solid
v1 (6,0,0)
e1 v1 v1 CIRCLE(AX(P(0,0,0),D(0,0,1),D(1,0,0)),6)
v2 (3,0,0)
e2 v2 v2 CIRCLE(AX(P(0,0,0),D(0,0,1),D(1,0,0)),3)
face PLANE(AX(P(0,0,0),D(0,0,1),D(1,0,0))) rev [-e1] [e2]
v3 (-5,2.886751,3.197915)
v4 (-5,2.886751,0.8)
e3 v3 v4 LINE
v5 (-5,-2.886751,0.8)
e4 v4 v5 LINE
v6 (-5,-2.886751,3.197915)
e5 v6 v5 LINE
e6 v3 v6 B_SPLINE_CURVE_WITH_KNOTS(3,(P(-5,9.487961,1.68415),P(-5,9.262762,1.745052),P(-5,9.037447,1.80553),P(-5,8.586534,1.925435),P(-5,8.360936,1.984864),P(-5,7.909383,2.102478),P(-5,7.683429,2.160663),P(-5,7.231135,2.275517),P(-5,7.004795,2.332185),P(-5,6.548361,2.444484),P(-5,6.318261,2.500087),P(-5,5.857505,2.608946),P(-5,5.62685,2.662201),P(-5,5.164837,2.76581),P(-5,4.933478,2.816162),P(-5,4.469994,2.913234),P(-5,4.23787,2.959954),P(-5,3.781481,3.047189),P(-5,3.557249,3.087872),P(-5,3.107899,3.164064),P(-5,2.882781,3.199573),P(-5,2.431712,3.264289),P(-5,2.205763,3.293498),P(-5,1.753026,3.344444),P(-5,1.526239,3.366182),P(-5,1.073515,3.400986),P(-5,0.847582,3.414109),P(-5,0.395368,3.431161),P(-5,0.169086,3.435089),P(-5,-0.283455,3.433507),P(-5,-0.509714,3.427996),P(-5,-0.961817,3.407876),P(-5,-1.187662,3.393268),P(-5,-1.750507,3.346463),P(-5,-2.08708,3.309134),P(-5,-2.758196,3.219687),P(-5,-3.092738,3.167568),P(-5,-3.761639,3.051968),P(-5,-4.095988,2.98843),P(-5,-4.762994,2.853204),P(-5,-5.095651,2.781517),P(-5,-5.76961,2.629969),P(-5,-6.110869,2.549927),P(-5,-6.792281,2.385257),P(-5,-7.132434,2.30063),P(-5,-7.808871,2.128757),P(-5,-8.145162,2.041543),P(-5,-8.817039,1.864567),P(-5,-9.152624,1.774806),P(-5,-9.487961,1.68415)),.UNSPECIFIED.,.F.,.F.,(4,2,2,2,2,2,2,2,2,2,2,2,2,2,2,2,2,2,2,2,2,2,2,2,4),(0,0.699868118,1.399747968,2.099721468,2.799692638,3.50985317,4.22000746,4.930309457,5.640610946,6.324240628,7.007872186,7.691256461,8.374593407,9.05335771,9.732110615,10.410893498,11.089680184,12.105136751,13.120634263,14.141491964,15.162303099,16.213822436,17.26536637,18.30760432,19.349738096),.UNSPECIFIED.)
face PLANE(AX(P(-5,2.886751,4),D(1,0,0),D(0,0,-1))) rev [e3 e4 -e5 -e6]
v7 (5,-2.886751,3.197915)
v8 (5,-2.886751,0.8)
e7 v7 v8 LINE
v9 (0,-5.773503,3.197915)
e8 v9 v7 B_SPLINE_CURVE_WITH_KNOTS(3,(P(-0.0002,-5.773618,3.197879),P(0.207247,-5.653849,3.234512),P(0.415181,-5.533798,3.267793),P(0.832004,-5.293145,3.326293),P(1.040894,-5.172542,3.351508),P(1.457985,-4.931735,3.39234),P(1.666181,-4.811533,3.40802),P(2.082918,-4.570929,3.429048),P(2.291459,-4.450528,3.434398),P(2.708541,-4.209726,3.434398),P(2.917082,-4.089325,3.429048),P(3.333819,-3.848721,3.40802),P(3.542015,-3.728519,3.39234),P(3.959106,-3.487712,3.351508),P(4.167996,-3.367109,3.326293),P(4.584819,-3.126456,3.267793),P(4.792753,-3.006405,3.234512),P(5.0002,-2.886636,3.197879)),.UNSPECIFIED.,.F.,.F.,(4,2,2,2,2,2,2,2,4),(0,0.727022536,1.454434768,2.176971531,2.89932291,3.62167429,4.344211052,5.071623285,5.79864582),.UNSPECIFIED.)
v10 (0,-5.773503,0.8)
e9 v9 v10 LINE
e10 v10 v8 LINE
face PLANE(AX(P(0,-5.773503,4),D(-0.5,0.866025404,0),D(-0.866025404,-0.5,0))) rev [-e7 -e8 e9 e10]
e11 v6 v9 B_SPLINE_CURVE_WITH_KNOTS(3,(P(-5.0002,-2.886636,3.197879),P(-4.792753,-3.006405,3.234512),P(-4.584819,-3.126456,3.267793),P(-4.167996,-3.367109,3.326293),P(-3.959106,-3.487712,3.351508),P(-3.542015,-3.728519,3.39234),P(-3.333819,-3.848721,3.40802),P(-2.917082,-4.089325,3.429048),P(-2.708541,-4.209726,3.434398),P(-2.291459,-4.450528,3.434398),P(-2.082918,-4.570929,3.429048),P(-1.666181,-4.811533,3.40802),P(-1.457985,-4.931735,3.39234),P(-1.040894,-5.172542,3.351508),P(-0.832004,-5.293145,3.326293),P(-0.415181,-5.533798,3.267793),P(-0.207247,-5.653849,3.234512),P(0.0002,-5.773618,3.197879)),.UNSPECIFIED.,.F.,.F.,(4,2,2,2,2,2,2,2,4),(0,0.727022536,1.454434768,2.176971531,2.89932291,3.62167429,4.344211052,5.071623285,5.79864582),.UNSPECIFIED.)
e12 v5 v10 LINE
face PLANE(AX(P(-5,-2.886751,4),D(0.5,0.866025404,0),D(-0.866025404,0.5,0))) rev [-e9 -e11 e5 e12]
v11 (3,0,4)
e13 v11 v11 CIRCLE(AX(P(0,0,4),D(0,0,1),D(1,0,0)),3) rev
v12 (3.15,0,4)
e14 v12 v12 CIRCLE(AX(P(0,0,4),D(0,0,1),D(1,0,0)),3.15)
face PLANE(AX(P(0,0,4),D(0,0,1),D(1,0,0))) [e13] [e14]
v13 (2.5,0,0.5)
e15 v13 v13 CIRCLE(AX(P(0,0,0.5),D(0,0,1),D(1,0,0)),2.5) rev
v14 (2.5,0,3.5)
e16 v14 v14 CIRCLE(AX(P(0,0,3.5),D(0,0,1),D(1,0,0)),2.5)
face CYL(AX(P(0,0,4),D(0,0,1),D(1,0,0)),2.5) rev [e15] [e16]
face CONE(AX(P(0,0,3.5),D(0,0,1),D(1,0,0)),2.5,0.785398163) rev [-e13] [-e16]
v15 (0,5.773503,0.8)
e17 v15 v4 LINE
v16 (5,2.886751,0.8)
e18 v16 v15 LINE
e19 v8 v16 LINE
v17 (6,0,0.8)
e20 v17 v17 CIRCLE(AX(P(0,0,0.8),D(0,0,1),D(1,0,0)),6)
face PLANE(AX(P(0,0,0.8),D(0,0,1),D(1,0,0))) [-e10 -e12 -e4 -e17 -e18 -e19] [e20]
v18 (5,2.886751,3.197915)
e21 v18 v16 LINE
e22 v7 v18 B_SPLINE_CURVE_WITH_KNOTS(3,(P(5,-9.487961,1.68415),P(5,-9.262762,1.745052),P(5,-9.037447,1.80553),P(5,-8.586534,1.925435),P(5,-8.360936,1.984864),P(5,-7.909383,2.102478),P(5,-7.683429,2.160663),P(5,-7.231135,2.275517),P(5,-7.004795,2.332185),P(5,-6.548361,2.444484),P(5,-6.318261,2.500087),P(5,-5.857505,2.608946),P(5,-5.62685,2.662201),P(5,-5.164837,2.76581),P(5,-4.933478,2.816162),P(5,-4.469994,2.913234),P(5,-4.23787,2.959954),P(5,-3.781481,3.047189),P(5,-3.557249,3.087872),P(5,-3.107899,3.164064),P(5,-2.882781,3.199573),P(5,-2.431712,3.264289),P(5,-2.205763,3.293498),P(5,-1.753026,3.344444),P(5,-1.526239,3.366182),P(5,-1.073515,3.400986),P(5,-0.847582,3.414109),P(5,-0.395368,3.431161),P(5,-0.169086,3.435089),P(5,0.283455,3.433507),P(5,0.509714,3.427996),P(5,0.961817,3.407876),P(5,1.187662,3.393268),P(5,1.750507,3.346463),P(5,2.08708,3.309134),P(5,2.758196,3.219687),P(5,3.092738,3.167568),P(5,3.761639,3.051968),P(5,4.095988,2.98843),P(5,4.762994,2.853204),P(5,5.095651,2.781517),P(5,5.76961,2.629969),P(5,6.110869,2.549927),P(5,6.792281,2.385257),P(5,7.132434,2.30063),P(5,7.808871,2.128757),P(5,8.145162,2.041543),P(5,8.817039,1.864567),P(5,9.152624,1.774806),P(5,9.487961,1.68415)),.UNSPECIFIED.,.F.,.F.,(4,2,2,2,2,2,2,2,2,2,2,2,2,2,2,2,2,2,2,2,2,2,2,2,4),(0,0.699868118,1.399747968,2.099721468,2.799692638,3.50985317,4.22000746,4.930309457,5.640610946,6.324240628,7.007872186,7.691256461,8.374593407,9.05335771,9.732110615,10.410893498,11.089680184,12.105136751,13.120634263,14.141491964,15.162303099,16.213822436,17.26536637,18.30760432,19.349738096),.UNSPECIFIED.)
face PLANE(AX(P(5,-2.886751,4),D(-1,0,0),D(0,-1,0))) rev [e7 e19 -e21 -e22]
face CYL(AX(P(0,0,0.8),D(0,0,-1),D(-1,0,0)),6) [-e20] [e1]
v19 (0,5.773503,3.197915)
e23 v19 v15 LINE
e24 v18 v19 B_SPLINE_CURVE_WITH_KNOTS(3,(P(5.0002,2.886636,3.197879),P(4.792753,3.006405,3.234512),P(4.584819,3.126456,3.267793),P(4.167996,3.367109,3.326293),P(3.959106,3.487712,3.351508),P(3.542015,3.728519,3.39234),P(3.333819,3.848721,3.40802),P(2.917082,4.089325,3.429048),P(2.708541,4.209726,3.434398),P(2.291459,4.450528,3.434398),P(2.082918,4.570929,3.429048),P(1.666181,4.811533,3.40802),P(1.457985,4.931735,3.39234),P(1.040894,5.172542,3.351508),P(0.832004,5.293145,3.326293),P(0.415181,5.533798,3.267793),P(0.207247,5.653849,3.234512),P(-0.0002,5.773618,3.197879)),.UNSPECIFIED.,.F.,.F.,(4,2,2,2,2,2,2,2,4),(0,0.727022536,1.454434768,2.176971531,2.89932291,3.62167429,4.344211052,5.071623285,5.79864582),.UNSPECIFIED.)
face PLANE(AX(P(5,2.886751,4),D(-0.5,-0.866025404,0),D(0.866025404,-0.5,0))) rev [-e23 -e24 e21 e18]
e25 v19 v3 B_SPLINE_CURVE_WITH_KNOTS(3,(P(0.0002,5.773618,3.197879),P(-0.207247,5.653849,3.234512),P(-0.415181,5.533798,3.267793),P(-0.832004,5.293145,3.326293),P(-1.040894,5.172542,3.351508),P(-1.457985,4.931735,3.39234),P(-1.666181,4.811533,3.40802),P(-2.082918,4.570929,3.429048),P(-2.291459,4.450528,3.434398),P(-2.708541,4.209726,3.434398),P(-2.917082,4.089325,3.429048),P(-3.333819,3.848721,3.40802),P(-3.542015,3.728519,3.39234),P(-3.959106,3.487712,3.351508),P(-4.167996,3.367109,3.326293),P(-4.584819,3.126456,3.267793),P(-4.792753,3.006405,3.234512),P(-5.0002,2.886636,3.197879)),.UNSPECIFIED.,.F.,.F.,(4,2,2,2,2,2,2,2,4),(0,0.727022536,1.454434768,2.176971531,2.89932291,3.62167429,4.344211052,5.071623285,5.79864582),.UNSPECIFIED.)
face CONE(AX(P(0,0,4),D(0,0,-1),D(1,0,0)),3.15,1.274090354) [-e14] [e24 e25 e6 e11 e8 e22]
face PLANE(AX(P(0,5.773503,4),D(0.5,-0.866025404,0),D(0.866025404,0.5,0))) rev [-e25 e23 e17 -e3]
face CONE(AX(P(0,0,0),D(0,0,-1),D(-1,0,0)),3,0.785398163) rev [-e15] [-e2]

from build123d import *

# Parameters (mm, degrees)
SKETCH_1_R          = 6
EXTRUDE_1_DEPTH     = 0.8
EXTRUDE_2_DEPTH     = 3.2
SKETCH_3_OUTSIDE_W  = 38.42
SKETCH_3_OUTSIDE_H  = 38.42
SKETCH_3_OUTSIDE_R  = 3.15
CUT_EXTRUDE_1_DEPTH = 3.2
CUT_EXTRUDE_1_DRAFT = -73
HOLE_WIZARD_M61_D   = 5
CHAMFER_1_SIZE      = 0.5
CHAMFER_2_SIZE      = 0.5


with BuildPart() as part:
    # Эскиз1 → Бобышка-Вытянуть1 (new body)
    with BuildSketch(Plane.XY):
        Circle(SKETCH_1_R)
    extrude(amount=EXTRUDE_1_DEPTH)

    # Эскиз2 → Бобышка-Вытянуть2 (add)
    with BuildSketch(Plane.XY.offset(0.8)):
        Polygon((0, 5.773502692), (-5, 2.886751346), (-5, -2.886751346), (0, -5.773502692), (5, -2.886751346), (5, 2.886751346), align=None)
    extrude(amount=EXTRUDE_2_DEPTH)


with BuildPart() as cut_extrude_1_tool:
    # Эскиз3 outside → Вырез-Вытянуть1 (with draft: the straight prism first)
    with BuildSketch(Plane.XY.offset(4)):
        Rectangle(SKETCH_3_OUTSIDE_W, SKETCH_3_OUTSIDE_H)
        Circle(SKETCH_3_OUTSIDE_R, mode=Mode.SUBTRACT)
    extrude(amount=-CUT_EXTRUDE_1_DEPTH)
    # Вырез-Вытянуть1: the draft: its side faces are tilted about the plane it starts from
    cut_extrude_1_sides = [cut_extrude_1_tool.faces().sort_by_distance(p)[0] for p in [
        (0, -19.21, 2.4),
        (19.21, 0, 2.4),
        (0, 19.21, 2.4),
        (-19.21, 0, 2.4),
        (-3.15, 0, 2.4),
    ]]
    draft(cut_extrude_1_sides, Plane.XY.offset(4), CUT_EXTRUDE_1_DRAFT)


with BuildPart() as part_1:
    add(part.part)

    # Вырез-Вытянуть1: cut by cut_extrude_1_tool
    add(cut_extrude_1_tool.part, mode=Mode.SUBTRACT)

    # Отверстие обработанное метчиком M61 (through all)
    with Locations(Plane.XY.offset(4)):
        with Locations((0, 0)):
            Hole(HOLE_WIZARD_M61_D / 2)

    # Фаска1
    chamfer_1_edges = [part_1.edges().sort_by_distance(p)[0] for p in [
        (2.5, 0, 4),
    ]]
    chamfer(chamfer_1_edges, length=CHAMFER_1_SIZE)

    # Фаска2
    chamfer_2_edges = [part_1.edges().sort_by_distance(p)[0] for p in [
        (2.5, 0, 0),
    ]]
    chamfer(chamfer_2_edges, length=CHAMFER_2_SIZE)


solid = part_1.part
